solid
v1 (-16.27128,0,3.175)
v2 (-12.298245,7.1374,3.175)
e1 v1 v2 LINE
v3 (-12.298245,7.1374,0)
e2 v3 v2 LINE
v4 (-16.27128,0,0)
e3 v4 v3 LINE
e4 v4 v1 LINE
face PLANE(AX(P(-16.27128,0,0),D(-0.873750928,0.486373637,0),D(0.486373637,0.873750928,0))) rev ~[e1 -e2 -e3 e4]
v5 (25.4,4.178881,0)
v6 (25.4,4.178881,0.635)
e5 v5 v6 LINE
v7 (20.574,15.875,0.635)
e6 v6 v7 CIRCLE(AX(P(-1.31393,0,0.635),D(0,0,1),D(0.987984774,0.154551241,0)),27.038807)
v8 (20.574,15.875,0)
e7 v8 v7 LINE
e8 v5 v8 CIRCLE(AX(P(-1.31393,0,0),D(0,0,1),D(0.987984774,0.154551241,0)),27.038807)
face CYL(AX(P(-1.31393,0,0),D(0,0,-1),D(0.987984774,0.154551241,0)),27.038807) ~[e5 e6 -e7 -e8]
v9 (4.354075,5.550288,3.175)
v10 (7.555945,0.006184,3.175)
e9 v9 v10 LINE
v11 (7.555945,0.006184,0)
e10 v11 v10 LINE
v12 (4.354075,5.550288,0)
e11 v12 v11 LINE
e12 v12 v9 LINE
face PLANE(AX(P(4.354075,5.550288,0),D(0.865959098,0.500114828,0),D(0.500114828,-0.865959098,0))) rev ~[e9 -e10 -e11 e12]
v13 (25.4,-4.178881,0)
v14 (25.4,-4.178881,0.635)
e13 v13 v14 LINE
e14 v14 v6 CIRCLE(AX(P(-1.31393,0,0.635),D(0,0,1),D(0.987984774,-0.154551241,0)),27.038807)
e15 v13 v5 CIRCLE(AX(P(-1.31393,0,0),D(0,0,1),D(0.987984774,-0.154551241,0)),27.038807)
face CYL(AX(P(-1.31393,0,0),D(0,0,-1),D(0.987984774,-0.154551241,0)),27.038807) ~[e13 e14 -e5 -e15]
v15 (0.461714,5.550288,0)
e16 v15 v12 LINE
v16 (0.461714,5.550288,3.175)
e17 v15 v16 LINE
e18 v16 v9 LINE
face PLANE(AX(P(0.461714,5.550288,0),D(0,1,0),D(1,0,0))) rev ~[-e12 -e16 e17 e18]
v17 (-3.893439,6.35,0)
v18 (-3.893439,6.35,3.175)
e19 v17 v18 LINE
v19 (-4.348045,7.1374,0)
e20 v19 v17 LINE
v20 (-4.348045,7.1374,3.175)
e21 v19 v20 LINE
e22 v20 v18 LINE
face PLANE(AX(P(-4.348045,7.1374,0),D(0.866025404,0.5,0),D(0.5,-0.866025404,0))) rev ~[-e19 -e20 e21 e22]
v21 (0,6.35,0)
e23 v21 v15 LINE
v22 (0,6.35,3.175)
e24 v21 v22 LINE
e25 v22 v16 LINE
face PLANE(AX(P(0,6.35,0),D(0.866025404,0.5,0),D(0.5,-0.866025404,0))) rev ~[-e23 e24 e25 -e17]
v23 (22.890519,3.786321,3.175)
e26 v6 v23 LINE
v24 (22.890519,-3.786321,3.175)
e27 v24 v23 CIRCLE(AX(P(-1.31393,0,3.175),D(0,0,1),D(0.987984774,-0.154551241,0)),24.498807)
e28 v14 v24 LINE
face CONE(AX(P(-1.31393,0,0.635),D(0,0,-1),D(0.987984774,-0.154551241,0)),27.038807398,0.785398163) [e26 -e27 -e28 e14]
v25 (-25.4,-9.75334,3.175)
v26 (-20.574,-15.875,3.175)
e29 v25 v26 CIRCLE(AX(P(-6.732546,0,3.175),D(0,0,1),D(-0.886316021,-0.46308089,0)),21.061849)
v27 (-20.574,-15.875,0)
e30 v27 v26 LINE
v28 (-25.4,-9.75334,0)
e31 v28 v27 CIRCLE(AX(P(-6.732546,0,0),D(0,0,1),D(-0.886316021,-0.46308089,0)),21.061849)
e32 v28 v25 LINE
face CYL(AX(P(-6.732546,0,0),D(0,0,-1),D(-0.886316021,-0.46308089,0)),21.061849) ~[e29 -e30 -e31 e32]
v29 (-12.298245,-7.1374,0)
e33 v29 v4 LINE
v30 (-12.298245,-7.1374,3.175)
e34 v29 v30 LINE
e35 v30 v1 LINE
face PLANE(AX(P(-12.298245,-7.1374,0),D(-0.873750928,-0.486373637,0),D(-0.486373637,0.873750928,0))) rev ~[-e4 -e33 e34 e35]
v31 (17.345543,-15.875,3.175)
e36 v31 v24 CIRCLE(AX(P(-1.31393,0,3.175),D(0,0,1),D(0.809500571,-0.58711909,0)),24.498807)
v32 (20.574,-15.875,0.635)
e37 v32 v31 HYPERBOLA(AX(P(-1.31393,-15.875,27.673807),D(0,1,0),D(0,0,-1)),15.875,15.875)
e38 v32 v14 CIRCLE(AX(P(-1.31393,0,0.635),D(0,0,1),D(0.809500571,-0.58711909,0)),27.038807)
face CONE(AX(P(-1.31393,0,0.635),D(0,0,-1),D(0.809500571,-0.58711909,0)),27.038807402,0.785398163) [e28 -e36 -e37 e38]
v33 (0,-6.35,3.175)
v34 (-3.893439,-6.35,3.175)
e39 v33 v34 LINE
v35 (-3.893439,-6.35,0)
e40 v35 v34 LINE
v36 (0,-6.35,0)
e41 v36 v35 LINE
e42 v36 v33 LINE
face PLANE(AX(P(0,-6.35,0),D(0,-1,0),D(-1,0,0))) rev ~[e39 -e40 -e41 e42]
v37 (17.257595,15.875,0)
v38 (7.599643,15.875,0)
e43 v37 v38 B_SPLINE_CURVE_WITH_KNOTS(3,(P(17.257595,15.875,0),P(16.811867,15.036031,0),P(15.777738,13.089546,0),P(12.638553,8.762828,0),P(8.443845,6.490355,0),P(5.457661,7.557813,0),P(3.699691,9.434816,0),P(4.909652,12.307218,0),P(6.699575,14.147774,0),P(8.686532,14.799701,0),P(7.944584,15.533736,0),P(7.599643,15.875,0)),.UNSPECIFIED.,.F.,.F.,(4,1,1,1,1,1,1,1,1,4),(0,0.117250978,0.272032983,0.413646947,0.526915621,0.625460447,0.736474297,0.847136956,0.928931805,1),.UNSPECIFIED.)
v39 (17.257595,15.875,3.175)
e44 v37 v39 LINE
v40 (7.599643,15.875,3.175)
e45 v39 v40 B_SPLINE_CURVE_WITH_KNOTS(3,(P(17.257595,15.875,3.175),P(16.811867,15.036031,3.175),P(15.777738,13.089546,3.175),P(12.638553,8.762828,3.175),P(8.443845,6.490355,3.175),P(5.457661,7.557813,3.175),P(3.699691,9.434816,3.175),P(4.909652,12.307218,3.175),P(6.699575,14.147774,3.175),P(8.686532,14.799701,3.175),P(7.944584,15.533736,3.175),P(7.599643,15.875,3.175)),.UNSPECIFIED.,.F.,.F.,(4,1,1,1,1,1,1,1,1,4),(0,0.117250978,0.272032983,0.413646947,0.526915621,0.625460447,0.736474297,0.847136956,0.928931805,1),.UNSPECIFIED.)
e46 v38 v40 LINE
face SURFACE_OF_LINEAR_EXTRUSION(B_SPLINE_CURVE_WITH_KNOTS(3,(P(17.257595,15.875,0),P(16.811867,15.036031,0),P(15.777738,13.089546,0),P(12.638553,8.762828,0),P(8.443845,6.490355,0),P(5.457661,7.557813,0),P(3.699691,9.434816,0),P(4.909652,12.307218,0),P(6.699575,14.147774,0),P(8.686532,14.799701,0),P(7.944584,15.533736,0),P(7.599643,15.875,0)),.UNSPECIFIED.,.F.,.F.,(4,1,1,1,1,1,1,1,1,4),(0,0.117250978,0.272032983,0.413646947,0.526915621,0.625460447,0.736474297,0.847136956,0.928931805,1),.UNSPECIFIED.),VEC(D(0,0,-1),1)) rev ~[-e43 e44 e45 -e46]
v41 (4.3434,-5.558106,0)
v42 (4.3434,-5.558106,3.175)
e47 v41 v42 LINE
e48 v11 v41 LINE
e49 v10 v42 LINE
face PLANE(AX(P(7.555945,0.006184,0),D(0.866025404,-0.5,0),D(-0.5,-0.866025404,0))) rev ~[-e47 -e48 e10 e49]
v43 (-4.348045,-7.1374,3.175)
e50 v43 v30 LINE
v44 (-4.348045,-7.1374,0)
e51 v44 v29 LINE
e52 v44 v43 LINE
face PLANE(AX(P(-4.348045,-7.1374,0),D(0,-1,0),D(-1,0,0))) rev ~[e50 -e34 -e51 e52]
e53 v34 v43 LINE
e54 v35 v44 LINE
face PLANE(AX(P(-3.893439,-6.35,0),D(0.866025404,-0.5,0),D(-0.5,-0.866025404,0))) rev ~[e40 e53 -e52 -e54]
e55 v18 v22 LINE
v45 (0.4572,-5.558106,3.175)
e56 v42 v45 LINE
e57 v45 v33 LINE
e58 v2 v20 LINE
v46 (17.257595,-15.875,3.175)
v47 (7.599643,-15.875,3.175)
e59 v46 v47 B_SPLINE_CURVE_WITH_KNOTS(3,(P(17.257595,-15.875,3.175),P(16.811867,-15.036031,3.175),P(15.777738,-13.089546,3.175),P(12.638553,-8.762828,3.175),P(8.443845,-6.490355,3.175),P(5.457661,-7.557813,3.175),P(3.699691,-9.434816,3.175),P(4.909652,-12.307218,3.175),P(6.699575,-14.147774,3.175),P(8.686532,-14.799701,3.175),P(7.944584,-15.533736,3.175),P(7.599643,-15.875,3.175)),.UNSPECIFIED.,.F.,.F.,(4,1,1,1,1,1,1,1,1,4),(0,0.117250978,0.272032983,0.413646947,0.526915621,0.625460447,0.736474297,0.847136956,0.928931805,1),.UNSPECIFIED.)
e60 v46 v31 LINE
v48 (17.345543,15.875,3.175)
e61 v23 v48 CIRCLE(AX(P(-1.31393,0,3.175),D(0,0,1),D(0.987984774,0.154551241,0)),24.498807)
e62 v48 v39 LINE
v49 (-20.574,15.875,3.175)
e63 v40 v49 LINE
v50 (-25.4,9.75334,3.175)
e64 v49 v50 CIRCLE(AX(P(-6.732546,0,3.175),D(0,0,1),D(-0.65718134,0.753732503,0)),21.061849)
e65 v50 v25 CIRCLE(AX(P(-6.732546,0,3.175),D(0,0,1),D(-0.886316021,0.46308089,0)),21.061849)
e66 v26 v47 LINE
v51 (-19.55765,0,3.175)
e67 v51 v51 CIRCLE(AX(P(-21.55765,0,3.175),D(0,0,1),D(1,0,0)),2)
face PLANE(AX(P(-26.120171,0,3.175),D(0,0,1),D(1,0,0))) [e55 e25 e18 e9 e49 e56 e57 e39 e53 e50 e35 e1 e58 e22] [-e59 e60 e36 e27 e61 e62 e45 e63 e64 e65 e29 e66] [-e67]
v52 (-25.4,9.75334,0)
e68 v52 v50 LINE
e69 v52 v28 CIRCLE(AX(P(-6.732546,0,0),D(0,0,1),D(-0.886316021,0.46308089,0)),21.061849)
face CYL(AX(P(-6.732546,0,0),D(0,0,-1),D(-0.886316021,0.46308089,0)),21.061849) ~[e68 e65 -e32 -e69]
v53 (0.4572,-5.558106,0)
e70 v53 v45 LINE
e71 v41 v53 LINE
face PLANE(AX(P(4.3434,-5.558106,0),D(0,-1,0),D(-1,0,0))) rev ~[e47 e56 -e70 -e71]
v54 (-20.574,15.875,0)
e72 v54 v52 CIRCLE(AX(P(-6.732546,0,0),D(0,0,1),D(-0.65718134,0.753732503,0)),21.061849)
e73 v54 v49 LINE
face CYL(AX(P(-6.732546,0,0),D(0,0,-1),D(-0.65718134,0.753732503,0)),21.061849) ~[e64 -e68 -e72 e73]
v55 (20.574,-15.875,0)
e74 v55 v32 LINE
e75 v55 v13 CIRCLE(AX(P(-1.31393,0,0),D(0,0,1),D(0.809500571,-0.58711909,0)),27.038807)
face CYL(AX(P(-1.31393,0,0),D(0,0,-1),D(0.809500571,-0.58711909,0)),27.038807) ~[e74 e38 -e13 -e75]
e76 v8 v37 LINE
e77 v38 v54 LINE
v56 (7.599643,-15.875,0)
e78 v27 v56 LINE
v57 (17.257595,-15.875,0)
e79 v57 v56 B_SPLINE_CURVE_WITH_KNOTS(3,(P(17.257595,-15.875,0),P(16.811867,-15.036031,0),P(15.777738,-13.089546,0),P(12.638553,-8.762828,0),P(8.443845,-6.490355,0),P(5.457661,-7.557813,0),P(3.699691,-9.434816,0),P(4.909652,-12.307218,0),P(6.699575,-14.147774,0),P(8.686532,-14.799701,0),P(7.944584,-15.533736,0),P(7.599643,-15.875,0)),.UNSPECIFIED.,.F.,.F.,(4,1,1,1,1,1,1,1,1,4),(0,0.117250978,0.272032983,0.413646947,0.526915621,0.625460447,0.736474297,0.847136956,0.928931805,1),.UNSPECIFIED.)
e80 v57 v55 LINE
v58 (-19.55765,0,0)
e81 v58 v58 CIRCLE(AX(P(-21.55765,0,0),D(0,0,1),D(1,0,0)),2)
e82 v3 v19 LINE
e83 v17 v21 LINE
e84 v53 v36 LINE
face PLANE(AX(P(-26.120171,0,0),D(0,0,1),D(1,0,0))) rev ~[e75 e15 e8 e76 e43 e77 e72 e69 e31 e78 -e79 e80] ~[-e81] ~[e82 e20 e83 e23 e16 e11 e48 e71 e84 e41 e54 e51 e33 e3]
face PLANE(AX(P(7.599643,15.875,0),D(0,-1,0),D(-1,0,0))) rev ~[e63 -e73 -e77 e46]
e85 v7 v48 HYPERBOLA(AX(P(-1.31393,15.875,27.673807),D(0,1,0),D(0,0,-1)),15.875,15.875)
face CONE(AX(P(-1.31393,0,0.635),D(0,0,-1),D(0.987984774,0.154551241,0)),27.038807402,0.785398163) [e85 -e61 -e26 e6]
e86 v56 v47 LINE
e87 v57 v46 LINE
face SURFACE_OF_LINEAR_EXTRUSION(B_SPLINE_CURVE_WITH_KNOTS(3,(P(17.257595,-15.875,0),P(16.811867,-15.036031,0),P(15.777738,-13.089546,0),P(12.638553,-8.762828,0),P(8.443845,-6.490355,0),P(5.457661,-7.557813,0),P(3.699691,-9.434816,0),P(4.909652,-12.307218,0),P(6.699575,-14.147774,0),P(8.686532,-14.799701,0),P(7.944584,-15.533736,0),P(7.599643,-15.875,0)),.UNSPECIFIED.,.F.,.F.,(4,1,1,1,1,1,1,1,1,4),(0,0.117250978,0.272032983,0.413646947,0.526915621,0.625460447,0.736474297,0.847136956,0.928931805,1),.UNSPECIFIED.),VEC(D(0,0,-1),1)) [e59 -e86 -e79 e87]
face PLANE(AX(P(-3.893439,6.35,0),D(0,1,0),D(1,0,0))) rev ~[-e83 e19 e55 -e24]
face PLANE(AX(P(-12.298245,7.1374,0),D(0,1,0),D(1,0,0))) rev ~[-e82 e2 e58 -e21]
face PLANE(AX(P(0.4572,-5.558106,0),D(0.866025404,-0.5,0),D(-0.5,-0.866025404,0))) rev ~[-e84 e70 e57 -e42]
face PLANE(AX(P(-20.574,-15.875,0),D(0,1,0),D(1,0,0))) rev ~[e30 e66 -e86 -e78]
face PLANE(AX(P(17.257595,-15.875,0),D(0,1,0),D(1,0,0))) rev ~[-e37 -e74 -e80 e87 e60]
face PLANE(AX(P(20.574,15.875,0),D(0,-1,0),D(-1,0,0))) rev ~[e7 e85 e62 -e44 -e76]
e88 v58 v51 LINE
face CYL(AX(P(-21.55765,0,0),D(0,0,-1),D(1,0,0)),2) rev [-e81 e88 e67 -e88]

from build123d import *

# Parameters (mm, degrees)
F0_R     = 2
F1_DEPTH = 3.175
F2_SIZE2 = 2.54
F2_SIZE  = 2.54


with BuildPart() as f1:
    # F0 (on Top) → F1 (new body)
    with BuildSketch(Plane.XY):
        with BuildLine():
            Line((-25.4, -9.7533396771), (-25.4, 9.7533396771))
            ThreePointArc((-25.4, 9.7533396771), (-27.7943947705, 0), (-25.4, -9.7533396771))
        make_face()
        with BuildLine():
            Line((7.5996425003, 15.875), (-20.574, 15.875))
            ThreePointArc((-20.574, 15.875), (-23.2726776835, 13.0393833309), (-25.4, 9.7533396771))
            Line((-25.4, 9.7533396771), (-25.4, -9.7533396771))
            ThreePointArc((-25.4, -9.7533396771), (-23.2726776835, -13.0393833309), (-20.574, -15.875))
            Line((-20.574, -15.875), (7.5996425003, -15.875))
            add(Edge.make_bspline(
                [(17.2575954348, -15.875), (16.8118674755, -15.0360308318), (15.7777378861, -13.0895457095), (12.6385533239, -8.7628284751), (8.4438454096, -6.4903546022), (5.4576611574, -7.5578133093), (3.6996913649, -9.434816458), (4.9096520026, -12.30721807), (6.6995754798, -14.1477736043), (8.6865320781, -14.7997007485), (7.9445844593, -15.5337364181), (7.5996425003, -15.875)],
                knots=[0, 0, 0, 0, 0.1172509784, 0.2720329825, 0.4136469471, 0.5269156212, 0.6254604471, 0.7364742974, 0.8471369559, 0.9289318052, 1, 1, 1, 1], degree=3))
            Line((17.2575954348, -15.875), (19.5524021983, -15.875))
            ThreePointArc((19.5524021983, -15.875), (24.535980368, 0), (19.5524021983, 15.875))
            Line((19.5524021983, 15.875), (17.2575954348, 15.875))
            add(Edge.make_bspline(
                [(17.2575954348, 15.875), (16.8118674755, 15.0360308318), (15.7777378861, 13.0895457095), (12.6385533239, 8.7628284751), (8.4438454096, 6.4903546022), (5.4576611574, 7.5578133093), (3.6996913649, 9.434816458), (4.9096520026, 12.30721807), (6.6995754798, 14.1477736043), (8.6865320781, 14.7997007485), (7.9445844593, 15.5337364181), (7.5996425003, 15.875)],
                knots=[0, 0, 0, 0, 0.1172509784, 0.2720329825, 0.4136469471, 0.5269156212, 0.6254604471, 0.7364742974, 0.8471369559, 0.9289318052, 1, 1, 1, 1], degree=3))
        make_face()
        with Locations((-21.5576495975, 0)):
            Circle(F0_R, mode=Mode.SUBTRACT)
        Polygon((-16.2712801248, 0), (-12.2982449182, 7.1374), (-4.3480449182, 7.1374), (-3.8934393163, 6.35), (0, 6.35), (0.4617137668, 5.5502882974), (4.3540745974, 5.5502882974), (7.5559447504, 0.0061843585), (4.3434, -5.5581063708), (0.4572, -5.5581063708), (0, -6.35), (-3.8934393163, -6.35), (-4.3480449182, -7.1374), (-12.2982449182, -7.1374), align=None, mode=Mode.SUBTRACT)
        with BuildLine():
            ThreePointArc((25.4, -4.1788812389), (25.7248773783, 0), (25.4, 4.1788812389))
            Line((25.4, 4.1788812389), (25.4, -4.1788812389))
        make_face()
        with BuildLine():
            Line((20.574, 15.875), (19.5524021983, 15.875))
            ThreePointArc((19.5524021983, 15.875), (24.535980368, 0), (19.5524021983, -15.875))
            Line((19.5524021983, -15.875), (20.574, -15.875))
            ThreePointArc((20.574, -15.875), (23.6807693851, -10.3132006276), (25.4, -4.1788812389))
            Line((25.4, -4.1788812389), (25.4, 4.1788812389))
            ThreePointArc((25.4, 4.1788812389), (23.6807693851, 10.3132006276), (20.574, 15.875))
        make_face()
    extrude(amount=F1_DEPTH)

    # F2
    f2_edges = [f1.edges().sort_by_distance(p)[0] for p in [
        (25.724877, 0, 3.175),
    ]]
    chamfer(f2_edges, length=F2_SIZE, length2=F2_SIZE2)


solid = f1.part
